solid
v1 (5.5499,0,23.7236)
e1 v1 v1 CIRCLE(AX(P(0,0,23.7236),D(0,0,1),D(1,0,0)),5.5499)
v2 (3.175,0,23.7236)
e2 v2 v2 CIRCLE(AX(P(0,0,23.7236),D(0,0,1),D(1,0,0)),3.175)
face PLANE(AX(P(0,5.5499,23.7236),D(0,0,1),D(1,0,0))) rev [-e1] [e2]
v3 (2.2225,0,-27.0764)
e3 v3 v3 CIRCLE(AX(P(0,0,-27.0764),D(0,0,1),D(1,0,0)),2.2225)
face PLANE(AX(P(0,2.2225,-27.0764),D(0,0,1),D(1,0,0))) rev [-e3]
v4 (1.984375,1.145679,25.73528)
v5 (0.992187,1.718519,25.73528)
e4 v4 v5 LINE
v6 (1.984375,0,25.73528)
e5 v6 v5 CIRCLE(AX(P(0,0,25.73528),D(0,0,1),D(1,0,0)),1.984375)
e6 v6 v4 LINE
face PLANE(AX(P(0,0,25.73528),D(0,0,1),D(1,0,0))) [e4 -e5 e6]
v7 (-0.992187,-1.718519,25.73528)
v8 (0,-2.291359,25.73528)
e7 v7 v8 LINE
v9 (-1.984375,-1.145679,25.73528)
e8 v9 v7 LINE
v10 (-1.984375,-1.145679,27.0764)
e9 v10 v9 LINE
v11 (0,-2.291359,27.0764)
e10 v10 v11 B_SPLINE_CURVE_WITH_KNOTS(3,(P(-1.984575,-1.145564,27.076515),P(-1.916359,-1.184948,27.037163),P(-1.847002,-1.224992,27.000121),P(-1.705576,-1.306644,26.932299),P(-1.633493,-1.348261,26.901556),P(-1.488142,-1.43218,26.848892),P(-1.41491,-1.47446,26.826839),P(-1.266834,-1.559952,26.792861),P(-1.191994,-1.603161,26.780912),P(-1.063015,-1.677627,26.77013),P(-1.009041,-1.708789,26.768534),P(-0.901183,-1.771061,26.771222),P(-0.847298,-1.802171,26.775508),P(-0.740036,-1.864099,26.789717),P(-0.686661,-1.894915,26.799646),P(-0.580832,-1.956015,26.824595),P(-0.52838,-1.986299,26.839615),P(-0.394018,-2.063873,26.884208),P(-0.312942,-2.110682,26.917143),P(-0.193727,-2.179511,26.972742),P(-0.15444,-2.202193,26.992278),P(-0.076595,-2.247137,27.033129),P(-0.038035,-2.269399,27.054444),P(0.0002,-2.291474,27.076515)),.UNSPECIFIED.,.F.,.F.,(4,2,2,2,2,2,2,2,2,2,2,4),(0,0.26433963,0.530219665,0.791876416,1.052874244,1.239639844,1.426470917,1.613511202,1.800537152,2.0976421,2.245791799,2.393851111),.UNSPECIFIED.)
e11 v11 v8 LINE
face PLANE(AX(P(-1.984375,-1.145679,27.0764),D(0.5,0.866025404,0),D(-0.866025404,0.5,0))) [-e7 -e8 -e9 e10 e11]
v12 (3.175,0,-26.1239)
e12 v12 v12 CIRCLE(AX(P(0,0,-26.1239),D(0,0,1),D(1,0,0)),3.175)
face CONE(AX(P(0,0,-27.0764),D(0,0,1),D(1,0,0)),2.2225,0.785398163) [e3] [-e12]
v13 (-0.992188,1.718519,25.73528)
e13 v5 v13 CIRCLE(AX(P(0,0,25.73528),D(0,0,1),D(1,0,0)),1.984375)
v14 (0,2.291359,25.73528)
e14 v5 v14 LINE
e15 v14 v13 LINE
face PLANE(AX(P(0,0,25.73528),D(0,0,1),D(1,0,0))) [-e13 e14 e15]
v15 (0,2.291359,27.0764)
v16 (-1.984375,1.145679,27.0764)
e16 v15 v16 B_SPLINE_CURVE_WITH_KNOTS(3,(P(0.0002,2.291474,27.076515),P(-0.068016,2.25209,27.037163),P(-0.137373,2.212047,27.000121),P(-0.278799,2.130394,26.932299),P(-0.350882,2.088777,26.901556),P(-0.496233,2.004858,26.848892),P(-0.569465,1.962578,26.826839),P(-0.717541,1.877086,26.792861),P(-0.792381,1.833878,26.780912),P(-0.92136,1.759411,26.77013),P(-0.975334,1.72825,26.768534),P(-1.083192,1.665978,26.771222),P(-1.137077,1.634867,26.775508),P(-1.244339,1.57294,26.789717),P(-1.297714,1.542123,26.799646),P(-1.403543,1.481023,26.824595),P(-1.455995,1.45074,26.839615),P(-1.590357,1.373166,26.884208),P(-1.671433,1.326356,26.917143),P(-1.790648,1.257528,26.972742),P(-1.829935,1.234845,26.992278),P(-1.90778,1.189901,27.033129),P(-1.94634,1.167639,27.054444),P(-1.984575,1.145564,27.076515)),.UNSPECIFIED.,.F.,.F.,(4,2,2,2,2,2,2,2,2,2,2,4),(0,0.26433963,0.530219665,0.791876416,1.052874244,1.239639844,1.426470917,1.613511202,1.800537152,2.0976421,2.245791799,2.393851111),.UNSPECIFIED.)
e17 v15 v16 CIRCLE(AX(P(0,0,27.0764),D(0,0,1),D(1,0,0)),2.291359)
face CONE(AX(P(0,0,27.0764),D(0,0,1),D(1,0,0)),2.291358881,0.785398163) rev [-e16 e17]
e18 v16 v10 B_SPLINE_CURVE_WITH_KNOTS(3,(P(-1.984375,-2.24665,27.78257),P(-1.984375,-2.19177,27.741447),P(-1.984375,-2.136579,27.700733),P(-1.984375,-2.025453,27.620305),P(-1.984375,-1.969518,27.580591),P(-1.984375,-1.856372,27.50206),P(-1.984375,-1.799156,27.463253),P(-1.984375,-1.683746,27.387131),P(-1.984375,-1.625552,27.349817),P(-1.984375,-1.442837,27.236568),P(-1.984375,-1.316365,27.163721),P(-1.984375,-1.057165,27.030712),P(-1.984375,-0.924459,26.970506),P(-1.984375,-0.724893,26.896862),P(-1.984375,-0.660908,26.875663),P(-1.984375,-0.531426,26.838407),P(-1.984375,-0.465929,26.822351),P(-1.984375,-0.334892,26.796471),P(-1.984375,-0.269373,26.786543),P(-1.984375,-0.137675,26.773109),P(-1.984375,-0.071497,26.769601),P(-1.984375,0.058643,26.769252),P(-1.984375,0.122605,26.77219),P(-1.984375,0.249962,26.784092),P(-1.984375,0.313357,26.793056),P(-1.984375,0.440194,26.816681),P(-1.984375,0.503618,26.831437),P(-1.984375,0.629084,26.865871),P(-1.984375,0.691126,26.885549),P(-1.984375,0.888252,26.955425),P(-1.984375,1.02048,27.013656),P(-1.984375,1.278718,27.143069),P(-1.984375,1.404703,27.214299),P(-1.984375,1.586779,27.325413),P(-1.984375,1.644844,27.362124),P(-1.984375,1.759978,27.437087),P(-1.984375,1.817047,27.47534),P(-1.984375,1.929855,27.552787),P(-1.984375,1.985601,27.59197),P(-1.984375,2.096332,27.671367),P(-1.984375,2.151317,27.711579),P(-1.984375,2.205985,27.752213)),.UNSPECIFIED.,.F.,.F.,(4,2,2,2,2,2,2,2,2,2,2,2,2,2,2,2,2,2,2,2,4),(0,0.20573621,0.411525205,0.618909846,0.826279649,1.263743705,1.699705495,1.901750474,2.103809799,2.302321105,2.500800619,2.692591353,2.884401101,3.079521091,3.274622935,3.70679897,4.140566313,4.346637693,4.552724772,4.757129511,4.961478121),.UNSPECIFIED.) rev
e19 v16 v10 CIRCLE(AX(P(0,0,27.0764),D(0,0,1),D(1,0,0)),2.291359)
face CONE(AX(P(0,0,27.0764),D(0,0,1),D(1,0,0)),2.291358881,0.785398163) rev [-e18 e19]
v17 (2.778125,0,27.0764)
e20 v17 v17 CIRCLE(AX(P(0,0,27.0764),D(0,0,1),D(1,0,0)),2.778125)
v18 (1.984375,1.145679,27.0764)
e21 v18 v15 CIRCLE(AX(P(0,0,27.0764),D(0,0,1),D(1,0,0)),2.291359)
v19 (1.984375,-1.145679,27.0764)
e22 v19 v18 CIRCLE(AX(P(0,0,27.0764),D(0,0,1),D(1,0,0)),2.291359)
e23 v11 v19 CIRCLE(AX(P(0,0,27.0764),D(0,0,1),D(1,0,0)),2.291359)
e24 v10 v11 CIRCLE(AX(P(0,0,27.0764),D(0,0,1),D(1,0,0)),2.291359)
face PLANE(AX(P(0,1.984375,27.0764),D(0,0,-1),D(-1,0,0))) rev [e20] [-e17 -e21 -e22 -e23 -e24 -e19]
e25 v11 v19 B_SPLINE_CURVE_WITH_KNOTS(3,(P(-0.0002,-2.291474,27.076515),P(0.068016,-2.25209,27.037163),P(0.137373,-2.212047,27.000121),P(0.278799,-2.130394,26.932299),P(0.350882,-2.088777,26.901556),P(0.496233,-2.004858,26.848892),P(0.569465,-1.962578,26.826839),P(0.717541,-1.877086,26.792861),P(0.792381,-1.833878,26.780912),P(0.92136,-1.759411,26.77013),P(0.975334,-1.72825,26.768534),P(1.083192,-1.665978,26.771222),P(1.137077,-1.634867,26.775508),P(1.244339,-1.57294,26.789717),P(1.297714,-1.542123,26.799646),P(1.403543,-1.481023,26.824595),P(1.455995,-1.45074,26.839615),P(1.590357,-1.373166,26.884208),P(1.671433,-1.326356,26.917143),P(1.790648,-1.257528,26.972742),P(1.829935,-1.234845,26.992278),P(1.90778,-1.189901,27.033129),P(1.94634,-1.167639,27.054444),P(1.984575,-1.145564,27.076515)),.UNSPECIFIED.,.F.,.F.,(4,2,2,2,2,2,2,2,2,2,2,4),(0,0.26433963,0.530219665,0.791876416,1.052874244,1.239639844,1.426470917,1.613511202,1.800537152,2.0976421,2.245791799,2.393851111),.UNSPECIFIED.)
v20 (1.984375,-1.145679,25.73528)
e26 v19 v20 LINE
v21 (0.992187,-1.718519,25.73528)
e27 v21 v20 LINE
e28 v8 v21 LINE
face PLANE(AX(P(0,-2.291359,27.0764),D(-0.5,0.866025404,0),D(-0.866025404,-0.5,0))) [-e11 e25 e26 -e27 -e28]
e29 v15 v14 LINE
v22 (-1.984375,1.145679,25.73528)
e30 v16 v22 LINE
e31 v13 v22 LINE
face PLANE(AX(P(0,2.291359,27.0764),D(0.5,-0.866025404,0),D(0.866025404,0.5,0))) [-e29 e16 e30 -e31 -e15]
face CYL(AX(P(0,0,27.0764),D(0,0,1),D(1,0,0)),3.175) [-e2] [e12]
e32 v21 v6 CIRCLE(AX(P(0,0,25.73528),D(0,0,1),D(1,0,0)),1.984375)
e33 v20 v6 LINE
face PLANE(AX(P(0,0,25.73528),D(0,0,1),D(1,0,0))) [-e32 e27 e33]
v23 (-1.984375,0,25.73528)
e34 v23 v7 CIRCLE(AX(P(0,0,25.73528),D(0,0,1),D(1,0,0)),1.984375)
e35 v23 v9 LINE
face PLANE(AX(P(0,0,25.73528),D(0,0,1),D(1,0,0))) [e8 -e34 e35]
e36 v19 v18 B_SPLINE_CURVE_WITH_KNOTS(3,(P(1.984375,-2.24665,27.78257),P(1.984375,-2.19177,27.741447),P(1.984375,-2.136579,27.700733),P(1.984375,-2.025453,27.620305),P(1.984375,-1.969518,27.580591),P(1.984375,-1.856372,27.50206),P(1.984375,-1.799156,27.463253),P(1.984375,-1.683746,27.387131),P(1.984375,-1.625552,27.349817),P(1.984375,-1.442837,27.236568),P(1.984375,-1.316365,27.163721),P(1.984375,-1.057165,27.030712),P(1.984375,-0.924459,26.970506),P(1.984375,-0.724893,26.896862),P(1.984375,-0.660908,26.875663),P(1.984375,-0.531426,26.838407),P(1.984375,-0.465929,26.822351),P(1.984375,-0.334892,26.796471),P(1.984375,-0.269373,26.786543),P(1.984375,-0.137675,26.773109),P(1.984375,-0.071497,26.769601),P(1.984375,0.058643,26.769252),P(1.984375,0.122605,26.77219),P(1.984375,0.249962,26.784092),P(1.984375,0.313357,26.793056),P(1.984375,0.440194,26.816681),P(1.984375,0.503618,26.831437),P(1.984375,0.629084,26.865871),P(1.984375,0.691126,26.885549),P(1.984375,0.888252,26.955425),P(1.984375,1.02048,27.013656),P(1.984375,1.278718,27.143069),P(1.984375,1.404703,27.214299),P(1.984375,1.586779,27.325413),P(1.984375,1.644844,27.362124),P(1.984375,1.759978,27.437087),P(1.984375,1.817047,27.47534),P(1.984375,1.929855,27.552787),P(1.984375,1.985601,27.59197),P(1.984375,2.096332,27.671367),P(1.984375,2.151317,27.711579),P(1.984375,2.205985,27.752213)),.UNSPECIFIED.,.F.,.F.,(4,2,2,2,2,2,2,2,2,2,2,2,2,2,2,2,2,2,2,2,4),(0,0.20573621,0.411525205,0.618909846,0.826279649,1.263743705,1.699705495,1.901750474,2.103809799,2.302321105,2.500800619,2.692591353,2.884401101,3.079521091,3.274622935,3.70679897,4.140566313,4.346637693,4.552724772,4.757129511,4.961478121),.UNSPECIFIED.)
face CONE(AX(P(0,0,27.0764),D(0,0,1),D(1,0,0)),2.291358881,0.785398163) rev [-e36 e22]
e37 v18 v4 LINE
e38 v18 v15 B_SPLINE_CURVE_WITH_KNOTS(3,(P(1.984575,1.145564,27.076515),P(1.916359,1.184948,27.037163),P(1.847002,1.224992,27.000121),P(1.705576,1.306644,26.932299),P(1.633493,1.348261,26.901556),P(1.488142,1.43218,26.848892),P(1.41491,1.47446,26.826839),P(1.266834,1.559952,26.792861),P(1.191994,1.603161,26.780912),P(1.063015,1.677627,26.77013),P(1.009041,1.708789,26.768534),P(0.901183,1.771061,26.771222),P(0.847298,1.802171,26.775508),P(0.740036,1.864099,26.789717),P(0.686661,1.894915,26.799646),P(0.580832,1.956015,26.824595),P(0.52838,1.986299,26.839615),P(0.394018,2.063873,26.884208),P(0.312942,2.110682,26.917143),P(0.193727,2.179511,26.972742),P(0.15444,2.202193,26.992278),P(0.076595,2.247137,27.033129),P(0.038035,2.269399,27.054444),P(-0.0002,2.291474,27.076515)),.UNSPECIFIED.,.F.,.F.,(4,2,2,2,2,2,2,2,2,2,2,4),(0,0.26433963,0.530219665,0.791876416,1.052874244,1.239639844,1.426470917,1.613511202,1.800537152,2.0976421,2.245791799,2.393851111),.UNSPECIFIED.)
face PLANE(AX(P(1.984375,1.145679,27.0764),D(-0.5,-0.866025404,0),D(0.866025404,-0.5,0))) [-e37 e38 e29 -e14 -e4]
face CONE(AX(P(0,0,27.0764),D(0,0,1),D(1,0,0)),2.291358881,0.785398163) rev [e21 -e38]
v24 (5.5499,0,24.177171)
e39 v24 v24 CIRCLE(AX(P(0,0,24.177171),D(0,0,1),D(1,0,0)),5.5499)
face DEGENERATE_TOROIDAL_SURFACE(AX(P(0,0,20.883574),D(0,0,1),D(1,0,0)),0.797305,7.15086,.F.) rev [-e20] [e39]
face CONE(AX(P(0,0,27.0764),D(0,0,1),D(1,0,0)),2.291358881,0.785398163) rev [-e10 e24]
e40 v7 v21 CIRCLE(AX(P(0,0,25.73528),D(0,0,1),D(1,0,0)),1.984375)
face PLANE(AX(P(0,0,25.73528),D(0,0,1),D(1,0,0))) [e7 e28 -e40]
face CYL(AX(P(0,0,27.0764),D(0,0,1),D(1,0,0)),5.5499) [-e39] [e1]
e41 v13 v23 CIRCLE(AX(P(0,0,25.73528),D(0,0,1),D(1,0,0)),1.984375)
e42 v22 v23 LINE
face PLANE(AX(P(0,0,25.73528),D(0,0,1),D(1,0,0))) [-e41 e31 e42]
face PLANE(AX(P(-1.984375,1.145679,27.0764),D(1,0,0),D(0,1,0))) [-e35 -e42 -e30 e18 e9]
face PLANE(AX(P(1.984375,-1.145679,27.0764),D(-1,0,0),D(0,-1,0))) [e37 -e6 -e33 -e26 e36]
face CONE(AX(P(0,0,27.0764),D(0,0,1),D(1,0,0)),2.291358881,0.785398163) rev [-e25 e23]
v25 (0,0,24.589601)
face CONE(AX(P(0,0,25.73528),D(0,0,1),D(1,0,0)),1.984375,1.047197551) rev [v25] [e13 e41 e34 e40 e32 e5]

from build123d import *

# Parameters (mm, degrees)
CUT_EXTRUDE1_START = 25.73528
CUT_EXTRUDE1_DEPTH = 3.455750925


with BuildPart() as part:
    # Sketch2 → Revolve1 (revolve)
    with BuildSketch(Plane(origin=(0, 0, 0), x_dir=(0, 0, -1), z_dir=(1, 0, 0)), mode=Mode.PRIVATE) as revolve1_sk:
        with BuildLine():
            Line((-27.0764, 1.984375), (-27.0764, 2.778125))
            ThreePointArc((-27.0764, 2.778125), (-25.825106299, 4.371452392), (-24.177171429, 5.5499))
            Line((-24.177171429, 5.5499), (-23.7236, 5.5499))
            Line((-23.7236, 5.5499), (-23.7236, 3.175))
            Line((-23.7236, 3.175), (26.1239, 3.175))
            Line((26.1239, 3.175), (27.0764, 2.2225))
            Line((27.0764, 2.2225), (27.0764, 0))
            Line((27.0764, 0), (-24.58960056, 0))
            Line((-24.58960056, 0), (-25.73528, 1.984375))
            Line((-25.73528, 1.984375), (-27.0764, 1.984375))
        make_face()
    revolve(revolve1_sk.sketch.rotate(Axis((0, 0, 27.0764), (0, 0, -1)), 90), axis=Axis((0, 0, 27.0764), (0, 0, -1)))

    # Sketch3 → Cut-Extrude1 (cut, through all)
    with BuildSketch(Plane.XY.offset(CUT_EXTRUDE1_START)):
        Polygon((0, 2.291358881), (-1.984375, 1.14567944), (-1.984375, -1.14567944), (0, -2.291358881), (1.984375, -1.14567944), (1.984375, 1.14567944), align=None)
    extrude(amount=CUT_EXTRUDE1_DEPTH, mode=Mode.SUBTRACT)

    # Cut-Extrude2 cone 1 section (through the dimple's axis) → Cut-Extrude2 (revolve, cut)
    with BuildSketch(Plane(origin=(0, 0, 27.0764), x_dir=(0, -1, 0), z_dir=(1, 0, 0))):
        Polygon((0, 0), (2.291358881, 0), (0, 2.291358881), align=None)
    revolve(axis=Axis((0, 0, 27.0764), (0, 0, -1)), mode=Mode.SUBTRACT)


solid = part.part
